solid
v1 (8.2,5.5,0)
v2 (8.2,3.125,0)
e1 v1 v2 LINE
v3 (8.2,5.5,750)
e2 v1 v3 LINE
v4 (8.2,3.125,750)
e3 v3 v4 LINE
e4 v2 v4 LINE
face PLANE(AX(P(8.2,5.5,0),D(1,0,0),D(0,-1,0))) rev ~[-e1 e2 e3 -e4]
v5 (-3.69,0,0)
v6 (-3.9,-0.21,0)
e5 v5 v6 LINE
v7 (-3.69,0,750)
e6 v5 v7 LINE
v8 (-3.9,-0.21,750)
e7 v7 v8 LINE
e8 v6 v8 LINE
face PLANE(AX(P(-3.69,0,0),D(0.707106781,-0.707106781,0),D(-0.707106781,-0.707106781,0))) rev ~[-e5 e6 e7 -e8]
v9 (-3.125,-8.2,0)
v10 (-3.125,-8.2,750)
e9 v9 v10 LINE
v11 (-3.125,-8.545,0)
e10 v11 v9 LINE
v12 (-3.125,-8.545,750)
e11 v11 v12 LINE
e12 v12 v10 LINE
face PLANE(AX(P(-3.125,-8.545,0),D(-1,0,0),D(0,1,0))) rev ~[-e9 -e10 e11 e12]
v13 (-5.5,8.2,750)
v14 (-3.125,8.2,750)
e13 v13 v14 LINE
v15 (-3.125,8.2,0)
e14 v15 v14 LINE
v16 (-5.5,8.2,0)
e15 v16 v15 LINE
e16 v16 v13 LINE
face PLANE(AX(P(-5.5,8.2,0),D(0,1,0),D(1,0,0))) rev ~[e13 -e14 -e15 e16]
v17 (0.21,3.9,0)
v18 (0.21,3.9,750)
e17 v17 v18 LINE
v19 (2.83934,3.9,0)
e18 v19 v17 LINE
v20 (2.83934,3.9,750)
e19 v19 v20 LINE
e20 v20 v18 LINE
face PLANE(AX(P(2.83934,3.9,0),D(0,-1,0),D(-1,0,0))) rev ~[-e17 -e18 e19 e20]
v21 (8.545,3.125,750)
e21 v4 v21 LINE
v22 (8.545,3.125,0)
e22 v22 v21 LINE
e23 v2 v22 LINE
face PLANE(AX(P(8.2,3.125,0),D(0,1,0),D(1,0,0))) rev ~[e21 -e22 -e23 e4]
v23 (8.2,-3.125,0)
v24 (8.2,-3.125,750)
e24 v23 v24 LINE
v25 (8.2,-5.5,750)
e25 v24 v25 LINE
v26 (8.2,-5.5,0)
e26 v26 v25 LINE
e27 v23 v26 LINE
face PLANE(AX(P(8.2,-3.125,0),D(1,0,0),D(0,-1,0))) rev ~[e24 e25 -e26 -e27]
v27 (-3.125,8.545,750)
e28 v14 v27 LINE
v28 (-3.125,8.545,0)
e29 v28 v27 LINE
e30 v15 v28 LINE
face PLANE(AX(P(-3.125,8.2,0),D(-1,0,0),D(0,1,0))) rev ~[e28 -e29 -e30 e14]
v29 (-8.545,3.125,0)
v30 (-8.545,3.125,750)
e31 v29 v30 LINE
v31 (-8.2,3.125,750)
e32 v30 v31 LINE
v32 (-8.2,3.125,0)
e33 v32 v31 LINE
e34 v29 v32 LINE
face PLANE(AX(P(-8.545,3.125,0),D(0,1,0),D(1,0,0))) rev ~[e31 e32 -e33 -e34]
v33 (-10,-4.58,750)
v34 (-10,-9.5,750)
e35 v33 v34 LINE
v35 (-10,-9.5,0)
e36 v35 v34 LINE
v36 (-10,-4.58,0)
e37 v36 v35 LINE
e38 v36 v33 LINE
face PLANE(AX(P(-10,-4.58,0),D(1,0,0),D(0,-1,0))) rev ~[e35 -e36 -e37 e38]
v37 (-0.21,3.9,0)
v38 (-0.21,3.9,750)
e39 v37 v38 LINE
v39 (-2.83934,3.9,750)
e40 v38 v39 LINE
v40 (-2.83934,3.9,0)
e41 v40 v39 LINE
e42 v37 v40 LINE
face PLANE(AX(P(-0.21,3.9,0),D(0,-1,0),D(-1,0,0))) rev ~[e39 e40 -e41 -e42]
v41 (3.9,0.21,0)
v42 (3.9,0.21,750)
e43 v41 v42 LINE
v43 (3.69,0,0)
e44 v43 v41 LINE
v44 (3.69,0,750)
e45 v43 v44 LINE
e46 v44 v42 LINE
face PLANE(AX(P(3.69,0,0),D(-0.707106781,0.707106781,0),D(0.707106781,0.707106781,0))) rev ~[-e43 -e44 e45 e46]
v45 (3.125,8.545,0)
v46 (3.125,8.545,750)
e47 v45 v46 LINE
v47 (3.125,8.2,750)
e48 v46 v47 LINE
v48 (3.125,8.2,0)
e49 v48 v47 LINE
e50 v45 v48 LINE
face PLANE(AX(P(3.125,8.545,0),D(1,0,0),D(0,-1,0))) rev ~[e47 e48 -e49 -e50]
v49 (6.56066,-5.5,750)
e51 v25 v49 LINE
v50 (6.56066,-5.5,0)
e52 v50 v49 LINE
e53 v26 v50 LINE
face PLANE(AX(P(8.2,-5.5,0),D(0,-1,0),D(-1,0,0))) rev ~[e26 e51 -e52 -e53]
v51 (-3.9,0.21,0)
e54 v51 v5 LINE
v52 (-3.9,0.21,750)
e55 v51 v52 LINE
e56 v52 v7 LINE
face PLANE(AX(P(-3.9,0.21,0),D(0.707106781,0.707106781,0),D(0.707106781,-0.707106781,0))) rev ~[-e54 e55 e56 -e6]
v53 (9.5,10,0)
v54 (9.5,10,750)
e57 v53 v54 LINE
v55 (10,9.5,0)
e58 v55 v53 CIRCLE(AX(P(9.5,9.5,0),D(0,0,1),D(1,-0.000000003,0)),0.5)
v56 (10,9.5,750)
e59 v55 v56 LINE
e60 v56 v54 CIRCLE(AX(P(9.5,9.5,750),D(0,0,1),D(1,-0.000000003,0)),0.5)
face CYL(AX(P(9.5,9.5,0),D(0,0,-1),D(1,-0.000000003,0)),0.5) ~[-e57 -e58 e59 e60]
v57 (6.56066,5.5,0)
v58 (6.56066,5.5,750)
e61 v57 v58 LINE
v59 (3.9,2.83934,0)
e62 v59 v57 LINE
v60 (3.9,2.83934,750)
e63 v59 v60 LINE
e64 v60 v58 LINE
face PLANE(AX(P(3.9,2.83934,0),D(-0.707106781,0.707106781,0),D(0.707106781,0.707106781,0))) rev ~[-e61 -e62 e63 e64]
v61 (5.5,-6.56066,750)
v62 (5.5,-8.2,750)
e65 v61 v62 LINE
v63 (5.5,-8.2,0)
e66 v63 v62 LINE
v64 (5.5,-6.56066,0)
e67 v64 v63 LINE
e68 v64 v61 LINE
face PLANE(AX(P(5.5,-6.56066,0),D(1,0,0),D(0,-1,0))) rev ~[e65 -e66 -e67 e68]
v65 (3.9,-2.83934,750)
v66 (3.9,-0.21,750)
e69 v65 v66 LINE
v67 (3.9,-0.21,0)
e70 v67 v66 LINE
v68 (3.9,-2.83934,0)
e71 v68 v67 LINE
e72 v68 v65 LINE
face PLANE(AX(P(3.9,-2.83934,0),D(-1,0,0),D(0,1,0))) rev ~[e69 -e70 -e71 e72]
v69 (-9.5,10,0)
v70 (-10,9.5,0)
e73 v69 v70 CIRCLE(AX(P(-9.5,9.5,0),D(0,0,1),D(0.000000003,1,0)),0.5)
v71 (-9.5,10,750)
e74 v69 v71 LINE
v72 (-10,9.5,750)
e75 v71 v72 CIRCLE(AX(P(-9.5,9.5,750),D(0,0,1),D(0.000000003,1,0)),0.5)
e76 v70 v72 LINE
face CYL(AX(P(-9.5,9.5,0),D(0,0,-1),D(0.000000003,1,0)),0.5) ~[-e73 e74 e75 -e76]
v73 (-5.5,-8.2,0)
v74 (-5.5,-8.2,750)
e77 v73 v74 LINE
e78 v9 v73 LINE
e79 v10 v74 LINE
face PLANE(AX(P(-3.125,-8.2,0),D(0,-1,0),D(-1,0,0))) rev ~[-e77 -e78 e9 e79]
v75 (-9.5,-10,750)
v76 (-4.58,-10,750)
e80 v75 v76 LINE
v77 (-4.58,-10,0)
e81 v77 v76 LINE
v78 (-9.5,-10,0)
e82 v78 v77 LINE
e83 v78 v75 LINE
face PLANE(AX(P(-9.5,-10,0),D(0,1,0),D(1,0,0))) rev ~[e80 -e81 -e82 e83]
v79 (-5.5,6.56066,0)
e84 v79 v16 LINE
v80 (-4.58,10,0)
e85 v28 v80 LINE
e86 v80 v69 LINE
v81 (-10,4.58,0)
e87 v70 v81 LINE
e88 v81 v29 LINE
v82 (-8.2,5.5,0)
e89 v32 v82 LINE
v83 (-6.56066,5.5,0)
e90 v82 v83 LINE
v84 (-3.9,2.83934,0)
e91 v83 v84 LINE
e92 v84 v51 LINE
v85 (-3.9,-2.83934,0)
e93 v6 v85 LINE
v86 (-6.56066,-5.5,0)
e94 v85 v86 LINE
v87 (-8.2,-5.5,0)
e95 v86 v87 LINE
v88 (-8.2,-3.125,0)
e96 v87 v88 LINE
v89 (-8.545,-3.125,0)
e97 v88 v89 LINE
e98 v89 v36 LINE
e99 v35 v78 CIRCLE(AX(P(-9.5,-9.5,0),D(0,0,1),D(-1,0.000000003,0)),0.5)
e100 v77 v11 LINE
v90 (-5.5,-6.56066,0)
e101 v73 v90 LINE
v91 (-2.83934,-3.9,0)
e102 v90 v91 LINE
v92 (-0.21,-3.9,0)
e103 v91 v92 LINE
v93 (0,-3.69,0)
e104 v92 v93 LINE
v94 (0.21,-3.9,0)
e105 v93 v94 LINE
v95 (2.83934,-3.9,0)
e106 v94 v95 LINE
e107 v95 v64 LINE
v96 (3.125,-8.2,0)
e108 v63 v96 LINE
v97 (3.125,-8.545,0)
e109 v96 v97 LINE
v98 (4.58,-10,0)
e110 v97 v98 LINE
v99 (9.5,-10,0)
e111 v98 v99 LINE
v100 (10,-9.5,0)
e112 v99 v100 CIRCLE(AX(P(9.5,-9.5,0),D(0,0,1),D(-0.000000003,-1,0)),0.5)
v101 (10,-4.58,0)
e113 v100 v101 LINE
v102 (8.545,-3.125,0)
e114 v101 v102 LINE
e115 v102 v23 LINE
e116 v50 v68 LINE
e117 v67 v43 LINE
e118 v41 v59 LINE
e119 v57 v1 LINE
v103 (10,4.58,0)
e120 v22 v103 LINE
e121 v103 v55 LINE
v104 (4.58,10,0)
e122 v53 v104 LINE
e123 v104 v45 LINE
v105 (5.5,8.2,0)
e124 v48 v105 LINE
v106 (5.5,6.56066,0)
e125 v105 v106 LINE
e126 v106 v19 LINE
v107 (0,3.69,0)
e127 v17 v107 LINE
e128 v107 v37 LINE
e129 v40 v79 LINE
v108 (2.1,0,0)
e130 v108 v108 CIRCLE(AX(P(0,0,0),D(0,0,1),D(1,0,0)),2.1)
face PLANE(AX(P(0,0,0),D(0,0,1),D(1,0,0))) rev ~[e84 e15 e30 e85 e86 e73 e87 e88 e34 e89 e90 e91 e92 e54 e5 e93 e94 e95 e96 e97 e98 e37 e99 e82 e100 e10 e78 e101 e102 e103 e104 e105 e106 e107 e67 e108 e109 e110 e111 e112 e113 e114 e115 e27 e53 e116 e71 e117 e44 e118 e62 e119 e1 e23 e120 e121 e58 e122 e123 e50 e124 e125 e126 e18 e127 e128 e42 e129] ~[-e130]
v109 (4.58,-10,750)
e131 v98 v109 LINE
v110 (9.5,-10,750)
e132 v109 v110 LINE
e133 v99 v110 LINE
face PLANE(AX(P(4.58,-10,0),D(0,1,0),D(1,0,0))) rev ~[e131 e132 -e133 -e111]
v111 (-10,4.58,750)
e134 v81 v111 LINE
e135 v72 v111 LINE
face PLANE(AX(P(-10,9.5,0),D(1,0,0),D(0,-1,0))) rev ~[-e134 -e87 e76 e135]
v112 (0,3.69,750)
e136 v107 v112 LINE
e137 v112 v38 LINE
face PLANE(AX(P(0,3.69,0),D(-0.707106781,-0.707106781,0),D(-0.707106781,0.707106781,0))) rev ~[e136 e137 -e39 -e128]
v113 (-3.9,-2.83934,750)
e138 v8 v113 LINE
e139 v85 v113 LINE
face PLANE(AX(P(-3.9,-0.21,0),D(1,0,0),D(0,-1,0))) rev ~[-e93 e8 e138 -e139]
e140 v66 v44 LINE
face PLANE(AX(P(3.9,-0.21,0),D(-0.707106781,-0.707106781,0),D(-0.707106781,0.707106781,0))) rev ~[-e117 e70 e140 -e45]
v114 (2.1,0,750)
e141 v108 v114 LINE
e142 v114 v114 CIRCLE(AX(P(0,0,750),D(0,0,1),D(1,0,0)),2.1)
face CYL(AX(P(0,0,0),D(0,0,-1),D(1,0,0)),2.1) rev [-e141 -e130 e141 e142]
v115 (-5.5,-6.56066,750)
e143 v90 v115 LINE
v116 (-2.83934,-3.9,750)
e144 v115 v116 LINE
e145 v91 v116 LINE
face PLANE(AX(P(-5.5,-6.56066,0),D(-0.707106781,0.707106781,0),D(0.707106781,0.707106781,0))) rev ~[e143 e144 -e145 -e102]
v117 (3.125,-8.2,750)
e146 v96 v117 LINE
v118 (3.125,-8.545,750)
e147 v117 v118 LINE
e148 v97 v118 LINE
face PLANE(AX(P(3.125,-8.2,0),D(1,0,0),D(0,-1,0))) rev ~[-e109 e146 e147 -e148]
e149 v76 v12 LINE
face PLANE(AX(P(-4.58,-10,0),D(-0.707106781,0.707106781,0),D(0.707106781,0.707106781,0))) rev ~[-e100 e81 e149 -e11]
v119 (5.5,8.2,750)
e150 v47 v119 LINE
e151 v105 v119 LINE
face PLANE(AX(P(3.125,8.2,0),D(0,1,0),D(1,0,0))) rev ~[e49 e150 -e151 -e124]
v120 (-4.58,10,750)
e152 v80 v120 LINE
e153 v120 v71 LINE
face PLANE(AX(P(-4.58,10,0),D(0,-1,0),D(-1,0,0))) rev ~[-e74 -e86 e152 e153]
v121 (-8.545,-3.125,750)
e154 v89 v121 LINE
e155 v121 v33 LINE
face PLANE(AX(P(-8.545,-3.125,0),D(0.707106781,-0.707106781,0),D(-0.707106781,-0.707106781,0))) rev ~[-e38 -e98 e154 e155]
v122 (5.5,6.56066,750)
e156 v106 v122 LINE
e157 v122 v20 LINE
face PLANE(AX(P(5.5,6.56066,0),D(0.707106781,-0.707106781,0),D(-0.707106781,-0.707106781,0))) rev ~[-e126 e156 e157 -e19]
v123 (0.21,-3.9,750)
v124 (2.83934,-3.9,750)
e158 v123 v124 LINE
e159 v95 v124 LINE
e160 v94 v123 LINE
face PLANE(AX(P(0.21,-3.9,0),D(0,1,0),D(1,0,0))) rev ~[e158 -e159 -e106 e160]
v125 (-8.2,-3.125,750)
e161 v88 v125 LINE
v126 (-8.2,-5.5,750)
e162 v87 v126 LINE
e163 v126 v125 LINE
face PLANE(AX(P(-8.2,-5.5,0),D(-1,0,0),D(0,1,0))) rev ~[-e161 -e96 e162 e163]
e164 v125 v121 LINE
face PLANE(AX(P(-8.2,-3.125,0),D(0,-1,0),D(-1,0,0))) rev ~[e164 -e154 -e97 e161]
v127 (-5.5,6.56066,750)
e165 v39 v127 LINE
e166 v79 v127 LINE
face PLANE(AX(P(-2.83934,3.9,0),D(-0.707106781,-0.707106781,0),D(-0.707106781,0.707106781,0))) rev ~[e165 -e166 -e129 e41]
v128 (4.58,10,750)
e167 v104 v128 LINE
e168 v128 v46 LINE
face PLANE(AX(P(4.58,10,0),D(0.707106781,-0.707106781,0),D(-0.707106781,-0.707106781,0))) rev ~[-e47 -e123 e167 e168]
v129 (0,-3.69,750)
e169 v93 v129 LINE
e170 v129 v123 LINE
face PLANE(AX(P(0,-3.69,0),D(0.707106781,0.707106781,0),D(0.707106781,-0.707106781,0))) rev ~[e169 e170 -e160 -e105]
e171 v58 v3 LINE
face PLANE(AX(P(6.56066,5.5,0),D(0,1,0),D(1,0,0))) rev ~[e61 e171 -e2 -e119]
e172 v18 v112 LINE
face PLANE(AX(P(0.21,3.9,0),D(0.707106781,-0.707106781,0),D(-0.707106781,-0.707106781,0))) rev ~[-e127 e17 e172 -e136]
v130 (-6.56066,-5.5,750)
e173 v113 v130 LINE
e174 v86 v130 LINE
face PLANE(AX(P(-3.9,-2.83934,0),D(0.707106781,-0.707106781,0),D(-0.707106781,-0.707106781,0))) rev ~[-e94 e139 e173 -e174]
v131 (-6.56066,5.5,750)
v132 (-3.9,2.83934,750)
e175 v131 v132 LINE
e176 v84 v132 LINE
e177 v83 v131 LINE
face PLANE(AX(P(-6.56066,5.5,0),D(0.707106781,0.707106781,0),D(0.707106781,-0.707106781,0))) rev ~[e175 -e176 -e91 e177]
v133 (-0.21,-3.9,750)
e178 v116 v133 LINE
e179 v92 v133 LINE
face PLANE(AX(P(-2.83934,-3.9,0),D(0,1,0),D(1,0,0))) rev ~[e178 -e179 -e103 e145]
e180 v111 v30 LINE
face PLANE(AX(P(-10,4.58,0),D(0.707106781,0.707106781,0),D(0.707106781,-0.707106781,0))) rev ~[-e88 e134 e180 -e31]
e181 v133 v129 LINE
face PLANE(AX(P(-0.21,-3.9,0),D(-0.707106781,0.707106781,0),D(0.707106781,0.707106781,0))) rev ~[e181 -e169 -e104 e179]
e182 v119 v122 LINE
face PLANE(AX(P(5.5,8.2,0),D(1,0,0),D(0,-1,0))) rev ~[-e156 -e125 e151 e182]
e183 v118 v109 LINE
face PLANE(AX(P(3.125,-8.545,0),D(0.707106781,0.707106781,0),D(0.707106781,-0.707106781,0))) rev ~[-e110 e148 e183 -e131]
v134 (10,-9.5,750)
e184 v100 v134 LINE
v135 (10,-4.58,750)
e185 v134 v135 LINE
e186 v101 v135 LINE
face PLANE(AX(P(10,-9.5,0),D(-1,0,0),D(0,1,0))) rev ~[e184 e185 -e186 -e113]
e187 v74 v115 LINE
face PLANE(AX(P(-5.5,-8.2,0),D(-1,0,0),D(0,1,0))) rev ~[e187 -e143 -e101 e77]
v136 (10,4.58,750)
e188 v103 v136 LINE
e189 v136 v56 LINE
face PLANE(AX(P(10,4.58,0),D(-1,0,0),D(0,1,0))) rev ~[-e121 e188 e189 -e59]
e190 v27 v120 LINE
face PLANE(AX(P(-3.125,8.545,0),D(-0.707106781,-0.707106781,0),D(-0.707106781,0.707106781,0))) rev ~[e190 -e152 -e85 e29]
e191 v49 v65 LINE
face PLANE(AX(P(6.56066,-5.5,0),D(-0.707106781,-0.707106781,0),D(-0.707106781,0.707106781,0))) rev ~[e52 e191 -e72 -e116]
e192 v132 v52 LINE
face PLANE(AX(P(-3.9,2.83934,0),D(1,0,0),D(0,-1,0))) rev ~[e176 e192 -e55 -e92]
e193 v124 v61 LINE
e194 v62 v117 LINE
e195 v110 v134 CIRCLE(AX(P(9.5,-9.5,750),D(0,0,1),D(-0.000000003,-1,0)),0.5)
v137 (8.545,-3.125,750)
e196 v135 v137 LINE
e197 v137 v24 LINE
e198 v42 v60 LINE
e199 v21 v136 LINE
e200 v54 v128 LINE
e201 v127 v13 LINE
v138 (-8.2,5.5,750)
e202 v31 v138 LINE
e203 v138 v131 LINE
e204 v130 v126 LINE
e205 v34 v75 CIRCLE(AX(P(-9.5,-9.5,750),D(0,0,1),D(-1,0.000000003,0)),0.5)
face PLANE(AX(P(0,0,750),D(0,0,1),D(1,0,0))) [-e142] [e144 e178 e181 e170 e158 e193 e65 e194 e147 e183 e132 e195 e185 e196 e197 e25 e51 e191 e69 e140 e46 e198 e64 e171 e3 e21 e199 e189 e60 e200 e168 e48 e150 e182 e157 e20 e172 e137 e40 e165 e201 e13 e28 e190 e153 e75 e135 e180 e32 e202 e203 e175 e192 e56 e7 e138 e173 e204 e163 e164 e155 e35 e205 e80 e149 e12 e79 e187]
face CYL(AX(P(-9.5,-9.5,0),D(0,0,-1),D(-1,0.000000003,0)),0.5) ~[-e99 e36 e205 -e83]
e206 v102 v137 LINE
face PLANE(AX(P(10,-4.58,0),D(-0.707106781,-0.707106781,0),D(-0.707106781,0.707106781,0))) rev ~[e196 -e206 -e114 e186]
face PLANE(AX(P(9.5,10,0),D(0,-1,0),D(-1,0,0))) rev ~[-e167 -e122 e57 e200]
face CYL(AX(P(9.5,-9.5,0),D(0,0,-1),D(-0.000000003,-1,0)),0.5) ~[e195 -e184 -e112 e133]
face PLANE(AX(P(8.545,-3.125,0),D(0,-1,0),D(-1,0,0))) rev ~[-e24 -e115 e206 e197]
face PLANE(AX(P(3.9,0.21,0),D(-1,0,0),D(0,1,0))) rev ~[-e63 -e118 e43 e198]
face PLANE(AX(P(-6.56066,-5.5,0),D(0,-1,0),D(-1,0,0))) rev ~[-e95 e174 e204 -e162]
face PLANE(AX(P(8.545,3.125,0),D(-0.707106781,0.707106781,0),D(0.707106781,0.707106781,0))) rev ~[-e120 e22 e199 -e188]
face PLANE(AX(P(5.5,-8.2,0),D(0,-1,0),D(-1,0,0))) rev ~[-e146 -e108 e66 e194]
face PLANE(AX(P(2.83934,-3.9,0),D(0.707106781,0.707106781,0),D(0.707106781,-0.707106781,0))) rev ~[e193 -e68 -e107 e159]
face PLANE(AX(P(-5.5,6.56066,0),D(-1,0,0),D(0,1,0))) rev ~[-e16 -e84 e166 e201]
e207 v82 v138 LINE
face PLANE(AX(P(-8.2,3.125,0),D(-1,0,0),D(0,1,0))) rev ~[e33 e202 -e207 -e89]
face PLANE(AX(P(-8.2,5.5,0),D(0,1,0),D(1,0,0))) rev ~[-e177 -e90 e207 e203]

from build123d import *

# Parameters (mm, degrees)
SKETCH1_R           = 2.1
BOSS_EXTRUDE1_DEPTH = 750


with BuildPart() as part:
    # Sketch1 → Boss-Extrude1 (new body)
    with BuildSketch(Plane.XY):
        with BuildLine():
            Line((4.58, -10), (9.5, -10))
            ThreePointArc((9.5, -10), (9.853553391, -9.853553391), (10, -9.5))
            Line((10, -9.5), (10, -4.58))
            Line((10, -4.58), (8.545, -3.125))
            Line((8.545, -3.125), (8.2, -3.125))
            Line((8.2, -3.125), (8.2, -5.5))
            Line((8.2, -5.5), (6.560660172, -5.5))
            Line((6.560660172, -5.5), (3.9, -2.839339828))
            Line((3.9, -2.839339828), (3.9, -0.21))
            Line((3.9, -0.21), (3.69, 0))
            Line((3.69, 0), (3.9, 0.21))
            Line((3.9, 0.21), (3.9, 2.839339828))
            Line((3.9, 2.839339828), (6.560660172, 5.5))
            Line((6.560660172, 5.5), (8.2, 5.5))
            Line((8.2, 5.5), (8.2, 3.125))
            Line((8.2, 3.125), (8.545, 3.125))
            Line((8.545, 3.125), (10, 4.58))
            Line((10, 4.58), (10, 9.5))
            ThreePointArc((10, 9.5), (9.853553391, 9.853553391), (9.5, 10))
            Line((9.5, 10), (4.58, 10))
            Line((4.58, 10), (3.125, 8.545))
            Line((3.125, 8.545), (3.125, 8.2))
            Line((3.125, 8.2), (5.5, 8.2))
            Line((5.5, 8.2), (5.5, 6.560660172))
            Line((5.5, 6.560660172), (2.839339828, 3.9))
            Line((2.839339828, 3.9), (0.21, 3.9))
            Line((0.21, 3.9), (0, 3.69))
            Line((0, 3.69), (-0.21, 3.9))
            Line((-0.21, 3.9), (-2.839339828, 3.9))
            Line((-2.839339828, 3.9), (-5.5, 6.560660172))
            Line((-5.5, 6.560660172), (-5.5, 8.2))
            Line((-5.5, 8.2), (-3.125, 8.2))
            Line((-3.125, 8.2), (-3.125, 8.545))
            Line((-3.125, 8.545), (-4.58, 10))
            Line((-4.58, 10), (-9.5, 10))
            ThreePointArc((-9.5, 10), (-9.853553391, 9.853553391), (-10, 9.5))
            Line((-10, 9.5), (-10, 4.58))
            Line((-10, 4.58), (-8.545, 3.125))
            Line((-8.545, 3.125), (-8.2, 3.125))
            Line((-8.2, 3.125), (-8.2, 5.5))
            Line((-8.2, 5.5), (-6.560660172, 5.5))
            Line((-6.560660172, 5.5), (-3.9, 2.839339828))
            Line((-3.9, 2.839339828), (-3.9, 0.21))
            Line((-3.9, 0.21), (-3.69, 0))
            Line((-3.69, 0), (-3.9, -0.21))
            Line((-3.9, -0.21), (-3.9, -2.839339828))
            Line((-3.9, -2.839339828), (-6.560660172, -5.5))
            Line((-6.560660172, -5.5), (-8.2, -5.5))
            Line((-8.2, -5.5), (-8.2, -3.125))
            Line((-8.2, -3.125), (-8.545, -3.125))
            Line((-8.545, -3.125), (-10, -4.58))
            Line((-10, -4.58), (-10, -9.5))
            ThreePointArc((-10, -9.5), (-9.853553391, -9.853553391), (-9.5, -10))
            Line((-9.5, -10), (-4.58, -10))
            Line((-4.58, -10), (-3.125, -8.545))
            Line((-3.125, -8.545), (-3.125, -8.2))
            Line((-3.125, -8.2), (-5.5, -8.2))
            Line((-5.5, -8.2), (-5.5, -6.560660172))
            Line((-5.5, -6.560660172), (-2.839339828, -3.9))
            Line((-2.839339828, -3.9), (-0.21, -3.9))
            Line((-0.21, -3.9), (0, -3.69))
            Line((0, -3.69), (0.21, -3.9))
            Line((0.21, -3.9), (2.839339828, -3.9))
            Line((2.839339828, -3.9), (5.5, -6.560660172))
            Line((5.5, -6.560660172), (5.5, -8.2))
            Line((5.5, -8.2), (3.125, -8.2))
            Line((3.125, -8.2), (3.125, -8.545))
            Line((3.125, -8.545), (4.58, -10))
        make_face()
        Circle(SKETCH1_R, mode=Mode.SUBTRACT)
    extrude(amount=BOSS_EXTRUDE1_DEPTH)


solid = part.part
